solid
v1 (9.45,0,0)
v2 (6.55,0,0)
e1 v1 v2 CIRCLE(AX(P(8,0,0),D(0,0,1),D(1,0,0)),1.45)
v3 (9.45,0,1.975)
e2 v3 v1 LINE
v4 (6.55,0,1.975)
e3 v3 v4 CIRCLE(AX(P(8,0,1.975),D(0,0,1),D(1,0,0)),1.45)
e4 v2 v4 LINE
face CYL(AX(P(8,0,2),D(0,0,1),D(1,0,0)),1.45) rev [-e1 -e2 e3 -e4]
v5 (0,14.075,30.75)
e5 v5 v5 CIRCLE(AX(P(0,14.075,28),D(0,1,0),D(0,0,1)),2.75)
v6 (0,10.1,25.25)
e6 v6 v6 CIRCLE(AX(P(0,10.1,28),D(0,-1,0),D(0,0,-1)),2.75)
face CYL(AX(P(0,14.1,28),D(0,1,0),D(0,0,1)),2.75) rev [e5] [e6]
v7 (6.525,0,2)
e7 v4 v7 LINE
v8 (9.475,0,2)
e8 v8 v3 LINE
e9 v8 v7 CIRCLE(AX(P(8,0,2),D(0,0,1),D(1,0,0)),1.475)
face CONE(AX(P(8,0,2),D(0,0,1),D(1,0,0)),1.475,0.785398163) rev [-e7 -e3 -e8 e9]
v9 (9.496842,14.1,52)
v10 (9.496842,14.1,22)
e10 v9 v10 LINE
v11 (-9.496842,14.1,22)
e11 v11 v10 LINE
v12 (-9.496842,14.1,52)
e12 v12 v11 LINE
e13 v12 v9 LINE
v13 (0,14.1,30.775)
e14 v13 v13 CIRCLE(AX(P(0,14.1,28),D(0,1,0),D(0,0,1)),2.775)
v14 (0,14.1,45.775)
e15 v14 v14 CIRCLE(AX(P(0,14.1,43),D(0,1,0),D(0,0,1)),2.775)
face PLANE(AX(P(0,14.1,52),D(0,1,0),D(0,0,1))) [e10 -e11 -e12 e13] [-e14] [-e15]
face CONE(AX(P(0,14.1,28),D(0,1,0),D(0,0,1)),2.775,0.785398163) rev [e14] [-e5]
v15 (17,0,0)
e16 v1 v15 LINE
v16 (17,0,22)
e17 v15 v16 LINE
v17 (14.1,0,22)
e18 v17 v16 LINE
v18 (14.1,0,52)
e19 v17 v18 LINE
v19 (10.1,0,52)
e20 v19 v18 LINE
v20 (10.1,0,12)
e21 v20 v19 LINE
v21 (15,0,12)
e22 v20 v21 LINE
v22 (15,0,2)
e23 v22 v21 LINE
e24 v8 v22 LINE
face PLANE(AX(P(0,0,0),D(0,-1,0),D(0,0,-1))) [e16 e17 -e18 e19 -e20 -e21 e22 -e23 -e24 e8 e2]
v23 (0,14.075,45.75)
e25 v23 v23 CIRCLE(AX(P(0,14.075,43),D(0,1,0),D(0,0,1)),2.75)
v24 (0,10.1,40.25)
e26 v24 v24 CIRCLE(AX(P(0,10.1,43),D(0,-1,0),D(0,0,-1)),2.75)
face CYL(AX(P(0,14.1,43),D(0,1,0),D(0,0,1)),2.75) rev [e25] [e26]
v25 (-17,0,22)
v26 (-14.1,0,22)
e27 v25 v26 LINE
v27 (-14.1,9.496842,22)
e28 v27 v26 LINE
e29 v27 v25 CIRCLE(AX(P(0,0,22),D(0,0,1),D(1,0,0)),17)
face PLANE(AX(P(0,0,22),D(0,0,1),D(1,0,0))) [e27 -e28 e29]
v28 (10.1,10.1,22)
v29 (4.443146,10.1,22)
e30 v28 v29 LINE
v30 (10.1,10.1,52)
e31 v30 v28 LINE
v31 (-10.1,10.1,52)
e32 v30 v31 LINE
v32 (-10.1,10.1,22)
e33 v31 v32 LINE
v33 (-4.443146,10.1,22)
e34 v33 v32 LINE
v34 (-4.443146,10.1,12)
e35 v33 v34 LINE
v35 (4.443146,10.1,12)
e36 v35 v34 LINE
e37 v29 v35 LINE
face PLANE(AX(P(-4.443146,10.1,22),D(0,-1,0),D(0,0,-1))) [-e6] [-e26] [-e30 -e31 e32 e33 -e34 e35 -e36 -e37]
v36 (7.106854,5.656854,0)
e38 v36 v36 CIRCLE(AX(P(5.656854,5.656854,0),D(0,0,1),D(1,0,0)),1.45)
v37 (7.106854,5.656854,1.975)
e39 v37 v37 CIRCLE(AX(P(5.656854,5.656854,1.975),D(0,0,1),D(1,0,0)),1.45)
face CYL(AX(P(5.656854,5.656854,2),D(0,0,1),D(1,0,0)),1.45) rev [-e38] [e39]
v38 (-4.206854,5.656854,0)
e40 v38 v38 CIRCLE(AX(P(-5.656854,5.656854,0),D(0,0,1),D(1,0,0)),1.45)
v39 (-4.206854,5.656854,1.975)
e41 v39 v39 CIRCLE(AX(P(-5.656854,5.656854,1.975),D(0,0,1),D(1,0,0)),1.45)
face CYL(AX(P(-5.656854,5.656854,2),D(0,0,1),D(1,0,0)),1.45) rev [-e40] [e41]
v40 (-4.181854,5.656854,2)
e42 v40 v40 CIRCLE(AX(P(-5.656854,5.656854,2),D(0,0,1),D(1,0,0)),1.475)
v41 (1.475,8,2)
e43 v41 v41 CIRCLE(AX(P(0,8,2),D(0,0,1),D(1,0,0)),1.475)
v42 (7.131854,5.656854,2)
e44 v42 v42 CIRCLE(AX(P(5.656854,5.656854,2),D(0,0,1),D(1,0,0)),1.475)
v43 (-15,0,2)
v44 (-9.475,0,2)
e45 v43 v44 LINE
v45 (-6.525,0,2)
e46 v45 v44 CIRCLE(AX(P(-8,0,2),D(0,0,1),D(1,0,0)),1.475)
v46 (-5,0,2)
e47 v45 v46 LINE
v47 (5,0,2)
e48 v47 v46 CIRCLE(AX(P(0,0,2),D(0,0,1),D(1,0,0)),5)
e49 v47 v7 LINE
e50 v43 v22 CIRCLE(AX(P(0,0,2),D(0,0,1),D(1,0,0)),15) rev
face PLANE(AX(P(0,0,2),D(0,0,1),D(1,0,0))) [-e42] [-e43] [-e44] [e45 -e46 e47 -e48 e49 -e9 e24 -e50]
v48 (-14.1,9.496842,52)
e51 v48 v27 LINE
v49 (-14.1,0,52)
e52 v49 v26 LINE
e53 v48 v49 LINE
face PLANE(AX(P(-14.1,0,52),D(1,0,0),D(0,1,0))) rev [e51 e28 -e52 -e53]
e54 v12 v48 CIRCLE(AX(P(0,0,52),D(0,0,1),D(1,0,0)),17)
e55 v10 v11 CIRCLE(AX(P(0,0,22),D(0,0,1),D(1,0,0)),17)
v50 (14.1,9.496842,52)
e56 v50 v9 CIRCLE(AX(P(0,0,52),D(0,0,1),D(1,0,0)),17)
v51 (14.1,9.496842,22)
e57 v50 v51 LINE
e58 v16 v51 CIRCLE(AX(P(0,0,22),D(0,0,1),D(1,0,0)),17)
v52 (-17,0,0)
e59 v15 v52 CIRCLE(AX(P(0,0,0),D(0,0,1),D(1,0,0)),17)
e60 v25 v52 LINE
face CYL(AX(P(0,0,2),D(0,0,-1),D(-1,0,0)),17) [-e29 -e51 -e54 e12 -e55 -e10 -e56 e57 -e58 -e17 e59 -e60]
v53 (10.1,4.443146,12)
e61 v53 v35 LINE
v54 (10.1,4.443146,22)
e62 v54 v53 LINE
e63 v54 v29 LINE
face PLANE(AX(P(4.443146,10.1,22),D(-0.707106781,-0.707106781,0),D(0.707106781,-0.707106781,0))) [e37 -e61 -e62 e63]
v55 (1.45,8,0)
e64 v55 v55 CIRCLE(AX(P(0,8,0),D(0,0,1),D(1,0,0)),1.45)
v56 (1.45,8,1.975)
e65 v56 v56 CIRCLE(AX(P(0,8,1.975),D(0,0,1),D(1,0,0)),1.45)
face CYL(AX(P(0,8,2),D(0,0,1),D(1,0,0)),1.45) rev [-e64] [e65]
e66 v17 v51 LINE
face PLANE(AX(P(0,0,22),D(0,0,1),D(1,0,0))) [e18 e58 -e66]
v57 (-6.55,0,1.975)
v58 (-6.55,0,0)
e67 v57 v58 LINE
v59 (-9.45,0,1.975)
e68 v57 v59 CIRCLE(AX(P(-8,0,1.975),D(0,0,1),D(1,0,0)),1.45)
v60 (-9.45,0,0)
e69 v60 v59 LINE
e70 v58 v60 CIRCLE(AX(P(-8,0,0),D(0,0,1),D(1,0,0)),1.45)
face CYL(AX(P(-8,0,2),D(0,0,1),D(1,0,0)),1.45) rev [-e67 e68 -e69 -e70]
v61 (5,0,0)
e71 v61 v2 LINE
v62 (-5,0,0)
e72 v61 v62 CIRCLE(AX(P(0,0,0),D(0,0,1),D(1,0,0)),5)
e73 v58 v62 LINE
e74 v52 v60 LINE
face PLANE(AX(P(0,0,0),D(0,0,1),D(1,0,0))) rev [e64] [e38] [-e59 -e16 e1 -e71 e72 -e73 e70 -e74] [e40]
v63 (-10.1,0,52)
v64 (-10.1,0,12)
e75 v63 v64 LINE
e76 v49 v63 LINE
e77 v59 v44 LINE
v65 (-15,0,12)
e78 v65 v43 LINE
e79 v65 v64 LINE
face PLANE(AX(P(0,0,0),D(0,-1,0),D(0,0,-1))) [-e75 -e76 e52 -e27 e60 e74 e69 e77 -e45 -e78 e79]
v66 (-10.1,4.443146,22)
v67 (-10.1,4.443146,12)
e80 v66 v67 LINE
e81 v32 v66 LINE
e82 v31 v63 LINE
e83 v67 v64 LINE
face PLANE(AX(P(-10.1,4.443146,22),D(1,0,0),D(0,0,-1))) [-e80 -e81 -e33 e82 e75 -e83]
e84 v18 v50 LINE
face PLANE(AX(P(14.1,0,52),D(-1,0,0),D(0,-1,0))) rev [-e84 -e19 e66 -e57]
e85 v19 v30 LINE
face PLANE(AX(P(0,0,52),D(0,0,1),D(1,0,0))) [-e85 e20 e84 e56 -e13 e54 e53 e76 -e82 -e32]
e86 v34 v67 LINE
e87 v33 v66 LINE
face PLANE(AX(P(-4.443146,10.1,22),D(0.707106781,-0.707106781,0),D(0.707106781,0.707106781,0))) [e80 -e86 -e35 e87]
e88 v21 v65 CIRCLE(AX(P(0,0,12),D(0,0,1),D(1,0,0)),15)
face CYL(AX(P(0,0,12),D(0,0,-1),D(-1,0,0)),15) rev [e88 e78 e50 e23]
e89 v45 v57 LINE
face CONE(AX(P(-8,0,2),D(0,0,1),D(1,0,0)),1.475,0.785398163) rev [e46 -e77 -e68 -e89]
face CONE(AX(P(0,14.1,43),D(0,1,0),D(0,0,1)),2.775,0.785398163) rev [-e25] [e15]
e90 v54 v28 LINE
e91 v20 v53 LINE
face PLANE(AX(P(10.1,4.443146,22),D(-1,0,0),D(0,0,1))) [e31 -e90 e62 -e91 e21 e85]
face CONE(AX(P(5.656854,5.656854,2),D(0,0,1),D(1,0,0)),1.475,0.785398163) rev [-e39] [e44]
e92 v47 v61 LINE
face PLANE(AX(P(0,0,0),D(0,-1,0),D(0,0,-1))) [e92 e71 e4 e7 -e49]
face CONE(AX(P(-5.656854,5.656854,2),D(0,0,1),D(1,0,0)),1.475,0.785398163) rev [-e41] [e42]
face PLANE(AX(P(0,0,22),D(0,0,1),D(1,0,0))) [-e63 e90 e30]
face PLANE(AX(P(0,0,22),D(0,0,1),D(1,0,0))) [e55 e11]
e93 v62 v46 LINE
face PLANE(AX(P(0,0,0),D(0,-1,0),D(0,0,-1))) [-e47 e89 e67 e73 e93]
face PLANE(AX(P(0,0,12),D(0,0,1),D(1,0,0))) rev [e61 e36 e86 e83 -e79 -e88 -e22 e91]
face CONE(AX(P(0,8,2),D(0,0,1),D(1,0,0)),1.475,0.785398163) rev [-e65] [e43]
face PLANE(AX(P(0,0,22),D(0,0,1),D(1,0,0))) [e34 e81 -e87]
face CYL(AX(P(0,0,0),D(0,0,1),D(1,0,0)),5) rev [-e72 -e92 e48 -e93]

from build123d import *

# Parameters (mm, degrees)
SKETCH_1_R                     = 17
EXTRUDE_1_DEPTH                = 2
SKETCH_2_R                     = 17
SKETCH_2_R_2                   = 15
EXTRUDE_2_DEPTH                = 10
SKETCH_3_R                     = 5
CUT_EXTRUDE_1_DEPTH            = 27.038433133
SKETCH_4_R                     = 17
EXTRUDE_3_DEPTH                = 10
SKETCH_5_W                     = 20.2
SKETCH_5_H                     = 20.2
EXTRUDE_4_DEPTH                = 30
HOLE_WIZARD_M5_2_D             = 5.5
HOLE_WIZARD_M5_2_CSINK_D       = 5.55
HOLE_WIZARD_M5_2_CSINK_ANGLE   = 90
HOLE_WIZARD_M2_5_2_D           = 2.9
HOLE_WIZARD_M2_5_2_CSINK_D     = 2.95
HOLE_WIZARD_M2_5_2_CSINK_ANGLE = 90
SKETCH1_W                      = 65
SKETCH1_H                      = 40
CUT_EXTRUDE2_DEPTH             = 58.28874235


with BuildPart() as part:
    # 草图1 → 凸台-拉伸1 (new body)
    with BuildSketch(Plane.XY):
        Circle(SKETCH_1_R)
    extrude(amount=EXTRUDE_1_DEPTH)

    # 草图2 → 凸台-拉伸2 (add)
    with BuildSketch(Plane.XY.offset(2)):
        Circle(SKETCH_2_R)
        Circle(SKETCH_2_R_2, mode=Mode.SUBTRACT)
    extrude(amount=EXTRUDE_2_DEPTH)

    # 草图3 → 切除-拉伸1 (cut, through all)
    with BuildSketch(Plane.XY.offset(2)):
        Circle(SKETCH_3_R)
    extrude(amount=-CUT_EXTRUDE_1_DEPTH, mode=Mode.SUBTRACT)

    # 草图4 → 凸台-拉伸3 (add)
    with BuildSketch(Plane.XY.offset(12)):
        Circle(SKETCH_4_R)
        Polygon((-4.443145751, 10.1), (4.443145751, 10.1), (10.1, 4.443145751), (10.1, -4.443145751), (4.443145751, -10.1), (-4.443145751, -10.1), (-10.1, -4.443145751), (-10.1, 4.443145751), align=None, mode=Mode.SUBTRACT)
    extrude(amount=EXTRUDE_3_DEPTH)

    # 草图5 → 凸台-拉伸4 (add)
    with BuildSketch(Plane.XY.offset(22)):
        with BuildLine():
            Line((9.49684158, 14.1), (-9.49684158, 14.1))
            ThreePointArc((-9.49684158, 14.1), (-12.02081528, 12.02081528), (-14.1, 9.49684158))
            Line((-14.1, 9.49684158), (-14.1, -9.496842588))
            ThreePointArc((-14.1, -9.496842588), (-12.020815678, -12.020815678), (-9.496842588, -14.1))
            Line((-9.496842588, -14.1), (9.49684158, -14.1))
            ThreePointArc((9.49684158, -14.1), (12.02081528, -12.02081528), (14.1, -9.49684158))
            Line((14.1, -9.49684158), (14.1, 9.49684158))
            ThreePointArc((14.1, 9.49684158), (12.02081528, 12.02081528), (9.49684158, 14.1))
        make_face()
        Rectangle(SKETCH_5_W, SKETCH_5_H, mode=Mode.SUBTRACT)
    extrude(amount=EXTRUDE_4_DEPTH)

    # M5 间隙孔2 (through all)
    with Locations(Plane(origin=(0, 14.1, 0), x_dir=(1, 0, 0), z_dir=(0, 1, 0))):
        with Locations((0, -28), (0, -43)):
            CounterSinkHole(HOLE_WIZARD_M5_2_D / 2, HOLE_WIZARD_M5_2_CSINK_D / 2, counter_sink_angle=HOLE_WIZARD_M5_2_CSINK_ANGLE)

    # M2.5 间隙孔2 (through all)
    with Locations(Plane.XY.offset(2)):
        with Locations((0, 8), (5.656854249, 5.656854249), (8, 0), (5.656854249, -5.656854249), (0, -8), (-5.656854249, -5.656854249), (-8, 0), (-5.656854249, 5.656854249)):
            CounterSinkHole(HOLE_WIZARD_M2_5_2_D / 2, HOLE_WIZARD_M2_5_2_CSINK_D / 2, counter_sink_angle=HOLE_WIZARD_M2_5_2_CSINK_ANGLE)

    # Sketch1 → Cut-Extrude2 (cut, through all)
    with BuildSketch(Plane(origin=(0, 0, 0), x_dir=(0, 0, -1), z_dir=(0, 1, 0))):
        with Locations((-30, 0)):
            Rectangle(SKETCH1_W, SKETCH1_H)
    extrude(amount=-CUT_EXTRUDE2_DEPTH, mode=Mode.SUBTRACT)


solid = part.part
